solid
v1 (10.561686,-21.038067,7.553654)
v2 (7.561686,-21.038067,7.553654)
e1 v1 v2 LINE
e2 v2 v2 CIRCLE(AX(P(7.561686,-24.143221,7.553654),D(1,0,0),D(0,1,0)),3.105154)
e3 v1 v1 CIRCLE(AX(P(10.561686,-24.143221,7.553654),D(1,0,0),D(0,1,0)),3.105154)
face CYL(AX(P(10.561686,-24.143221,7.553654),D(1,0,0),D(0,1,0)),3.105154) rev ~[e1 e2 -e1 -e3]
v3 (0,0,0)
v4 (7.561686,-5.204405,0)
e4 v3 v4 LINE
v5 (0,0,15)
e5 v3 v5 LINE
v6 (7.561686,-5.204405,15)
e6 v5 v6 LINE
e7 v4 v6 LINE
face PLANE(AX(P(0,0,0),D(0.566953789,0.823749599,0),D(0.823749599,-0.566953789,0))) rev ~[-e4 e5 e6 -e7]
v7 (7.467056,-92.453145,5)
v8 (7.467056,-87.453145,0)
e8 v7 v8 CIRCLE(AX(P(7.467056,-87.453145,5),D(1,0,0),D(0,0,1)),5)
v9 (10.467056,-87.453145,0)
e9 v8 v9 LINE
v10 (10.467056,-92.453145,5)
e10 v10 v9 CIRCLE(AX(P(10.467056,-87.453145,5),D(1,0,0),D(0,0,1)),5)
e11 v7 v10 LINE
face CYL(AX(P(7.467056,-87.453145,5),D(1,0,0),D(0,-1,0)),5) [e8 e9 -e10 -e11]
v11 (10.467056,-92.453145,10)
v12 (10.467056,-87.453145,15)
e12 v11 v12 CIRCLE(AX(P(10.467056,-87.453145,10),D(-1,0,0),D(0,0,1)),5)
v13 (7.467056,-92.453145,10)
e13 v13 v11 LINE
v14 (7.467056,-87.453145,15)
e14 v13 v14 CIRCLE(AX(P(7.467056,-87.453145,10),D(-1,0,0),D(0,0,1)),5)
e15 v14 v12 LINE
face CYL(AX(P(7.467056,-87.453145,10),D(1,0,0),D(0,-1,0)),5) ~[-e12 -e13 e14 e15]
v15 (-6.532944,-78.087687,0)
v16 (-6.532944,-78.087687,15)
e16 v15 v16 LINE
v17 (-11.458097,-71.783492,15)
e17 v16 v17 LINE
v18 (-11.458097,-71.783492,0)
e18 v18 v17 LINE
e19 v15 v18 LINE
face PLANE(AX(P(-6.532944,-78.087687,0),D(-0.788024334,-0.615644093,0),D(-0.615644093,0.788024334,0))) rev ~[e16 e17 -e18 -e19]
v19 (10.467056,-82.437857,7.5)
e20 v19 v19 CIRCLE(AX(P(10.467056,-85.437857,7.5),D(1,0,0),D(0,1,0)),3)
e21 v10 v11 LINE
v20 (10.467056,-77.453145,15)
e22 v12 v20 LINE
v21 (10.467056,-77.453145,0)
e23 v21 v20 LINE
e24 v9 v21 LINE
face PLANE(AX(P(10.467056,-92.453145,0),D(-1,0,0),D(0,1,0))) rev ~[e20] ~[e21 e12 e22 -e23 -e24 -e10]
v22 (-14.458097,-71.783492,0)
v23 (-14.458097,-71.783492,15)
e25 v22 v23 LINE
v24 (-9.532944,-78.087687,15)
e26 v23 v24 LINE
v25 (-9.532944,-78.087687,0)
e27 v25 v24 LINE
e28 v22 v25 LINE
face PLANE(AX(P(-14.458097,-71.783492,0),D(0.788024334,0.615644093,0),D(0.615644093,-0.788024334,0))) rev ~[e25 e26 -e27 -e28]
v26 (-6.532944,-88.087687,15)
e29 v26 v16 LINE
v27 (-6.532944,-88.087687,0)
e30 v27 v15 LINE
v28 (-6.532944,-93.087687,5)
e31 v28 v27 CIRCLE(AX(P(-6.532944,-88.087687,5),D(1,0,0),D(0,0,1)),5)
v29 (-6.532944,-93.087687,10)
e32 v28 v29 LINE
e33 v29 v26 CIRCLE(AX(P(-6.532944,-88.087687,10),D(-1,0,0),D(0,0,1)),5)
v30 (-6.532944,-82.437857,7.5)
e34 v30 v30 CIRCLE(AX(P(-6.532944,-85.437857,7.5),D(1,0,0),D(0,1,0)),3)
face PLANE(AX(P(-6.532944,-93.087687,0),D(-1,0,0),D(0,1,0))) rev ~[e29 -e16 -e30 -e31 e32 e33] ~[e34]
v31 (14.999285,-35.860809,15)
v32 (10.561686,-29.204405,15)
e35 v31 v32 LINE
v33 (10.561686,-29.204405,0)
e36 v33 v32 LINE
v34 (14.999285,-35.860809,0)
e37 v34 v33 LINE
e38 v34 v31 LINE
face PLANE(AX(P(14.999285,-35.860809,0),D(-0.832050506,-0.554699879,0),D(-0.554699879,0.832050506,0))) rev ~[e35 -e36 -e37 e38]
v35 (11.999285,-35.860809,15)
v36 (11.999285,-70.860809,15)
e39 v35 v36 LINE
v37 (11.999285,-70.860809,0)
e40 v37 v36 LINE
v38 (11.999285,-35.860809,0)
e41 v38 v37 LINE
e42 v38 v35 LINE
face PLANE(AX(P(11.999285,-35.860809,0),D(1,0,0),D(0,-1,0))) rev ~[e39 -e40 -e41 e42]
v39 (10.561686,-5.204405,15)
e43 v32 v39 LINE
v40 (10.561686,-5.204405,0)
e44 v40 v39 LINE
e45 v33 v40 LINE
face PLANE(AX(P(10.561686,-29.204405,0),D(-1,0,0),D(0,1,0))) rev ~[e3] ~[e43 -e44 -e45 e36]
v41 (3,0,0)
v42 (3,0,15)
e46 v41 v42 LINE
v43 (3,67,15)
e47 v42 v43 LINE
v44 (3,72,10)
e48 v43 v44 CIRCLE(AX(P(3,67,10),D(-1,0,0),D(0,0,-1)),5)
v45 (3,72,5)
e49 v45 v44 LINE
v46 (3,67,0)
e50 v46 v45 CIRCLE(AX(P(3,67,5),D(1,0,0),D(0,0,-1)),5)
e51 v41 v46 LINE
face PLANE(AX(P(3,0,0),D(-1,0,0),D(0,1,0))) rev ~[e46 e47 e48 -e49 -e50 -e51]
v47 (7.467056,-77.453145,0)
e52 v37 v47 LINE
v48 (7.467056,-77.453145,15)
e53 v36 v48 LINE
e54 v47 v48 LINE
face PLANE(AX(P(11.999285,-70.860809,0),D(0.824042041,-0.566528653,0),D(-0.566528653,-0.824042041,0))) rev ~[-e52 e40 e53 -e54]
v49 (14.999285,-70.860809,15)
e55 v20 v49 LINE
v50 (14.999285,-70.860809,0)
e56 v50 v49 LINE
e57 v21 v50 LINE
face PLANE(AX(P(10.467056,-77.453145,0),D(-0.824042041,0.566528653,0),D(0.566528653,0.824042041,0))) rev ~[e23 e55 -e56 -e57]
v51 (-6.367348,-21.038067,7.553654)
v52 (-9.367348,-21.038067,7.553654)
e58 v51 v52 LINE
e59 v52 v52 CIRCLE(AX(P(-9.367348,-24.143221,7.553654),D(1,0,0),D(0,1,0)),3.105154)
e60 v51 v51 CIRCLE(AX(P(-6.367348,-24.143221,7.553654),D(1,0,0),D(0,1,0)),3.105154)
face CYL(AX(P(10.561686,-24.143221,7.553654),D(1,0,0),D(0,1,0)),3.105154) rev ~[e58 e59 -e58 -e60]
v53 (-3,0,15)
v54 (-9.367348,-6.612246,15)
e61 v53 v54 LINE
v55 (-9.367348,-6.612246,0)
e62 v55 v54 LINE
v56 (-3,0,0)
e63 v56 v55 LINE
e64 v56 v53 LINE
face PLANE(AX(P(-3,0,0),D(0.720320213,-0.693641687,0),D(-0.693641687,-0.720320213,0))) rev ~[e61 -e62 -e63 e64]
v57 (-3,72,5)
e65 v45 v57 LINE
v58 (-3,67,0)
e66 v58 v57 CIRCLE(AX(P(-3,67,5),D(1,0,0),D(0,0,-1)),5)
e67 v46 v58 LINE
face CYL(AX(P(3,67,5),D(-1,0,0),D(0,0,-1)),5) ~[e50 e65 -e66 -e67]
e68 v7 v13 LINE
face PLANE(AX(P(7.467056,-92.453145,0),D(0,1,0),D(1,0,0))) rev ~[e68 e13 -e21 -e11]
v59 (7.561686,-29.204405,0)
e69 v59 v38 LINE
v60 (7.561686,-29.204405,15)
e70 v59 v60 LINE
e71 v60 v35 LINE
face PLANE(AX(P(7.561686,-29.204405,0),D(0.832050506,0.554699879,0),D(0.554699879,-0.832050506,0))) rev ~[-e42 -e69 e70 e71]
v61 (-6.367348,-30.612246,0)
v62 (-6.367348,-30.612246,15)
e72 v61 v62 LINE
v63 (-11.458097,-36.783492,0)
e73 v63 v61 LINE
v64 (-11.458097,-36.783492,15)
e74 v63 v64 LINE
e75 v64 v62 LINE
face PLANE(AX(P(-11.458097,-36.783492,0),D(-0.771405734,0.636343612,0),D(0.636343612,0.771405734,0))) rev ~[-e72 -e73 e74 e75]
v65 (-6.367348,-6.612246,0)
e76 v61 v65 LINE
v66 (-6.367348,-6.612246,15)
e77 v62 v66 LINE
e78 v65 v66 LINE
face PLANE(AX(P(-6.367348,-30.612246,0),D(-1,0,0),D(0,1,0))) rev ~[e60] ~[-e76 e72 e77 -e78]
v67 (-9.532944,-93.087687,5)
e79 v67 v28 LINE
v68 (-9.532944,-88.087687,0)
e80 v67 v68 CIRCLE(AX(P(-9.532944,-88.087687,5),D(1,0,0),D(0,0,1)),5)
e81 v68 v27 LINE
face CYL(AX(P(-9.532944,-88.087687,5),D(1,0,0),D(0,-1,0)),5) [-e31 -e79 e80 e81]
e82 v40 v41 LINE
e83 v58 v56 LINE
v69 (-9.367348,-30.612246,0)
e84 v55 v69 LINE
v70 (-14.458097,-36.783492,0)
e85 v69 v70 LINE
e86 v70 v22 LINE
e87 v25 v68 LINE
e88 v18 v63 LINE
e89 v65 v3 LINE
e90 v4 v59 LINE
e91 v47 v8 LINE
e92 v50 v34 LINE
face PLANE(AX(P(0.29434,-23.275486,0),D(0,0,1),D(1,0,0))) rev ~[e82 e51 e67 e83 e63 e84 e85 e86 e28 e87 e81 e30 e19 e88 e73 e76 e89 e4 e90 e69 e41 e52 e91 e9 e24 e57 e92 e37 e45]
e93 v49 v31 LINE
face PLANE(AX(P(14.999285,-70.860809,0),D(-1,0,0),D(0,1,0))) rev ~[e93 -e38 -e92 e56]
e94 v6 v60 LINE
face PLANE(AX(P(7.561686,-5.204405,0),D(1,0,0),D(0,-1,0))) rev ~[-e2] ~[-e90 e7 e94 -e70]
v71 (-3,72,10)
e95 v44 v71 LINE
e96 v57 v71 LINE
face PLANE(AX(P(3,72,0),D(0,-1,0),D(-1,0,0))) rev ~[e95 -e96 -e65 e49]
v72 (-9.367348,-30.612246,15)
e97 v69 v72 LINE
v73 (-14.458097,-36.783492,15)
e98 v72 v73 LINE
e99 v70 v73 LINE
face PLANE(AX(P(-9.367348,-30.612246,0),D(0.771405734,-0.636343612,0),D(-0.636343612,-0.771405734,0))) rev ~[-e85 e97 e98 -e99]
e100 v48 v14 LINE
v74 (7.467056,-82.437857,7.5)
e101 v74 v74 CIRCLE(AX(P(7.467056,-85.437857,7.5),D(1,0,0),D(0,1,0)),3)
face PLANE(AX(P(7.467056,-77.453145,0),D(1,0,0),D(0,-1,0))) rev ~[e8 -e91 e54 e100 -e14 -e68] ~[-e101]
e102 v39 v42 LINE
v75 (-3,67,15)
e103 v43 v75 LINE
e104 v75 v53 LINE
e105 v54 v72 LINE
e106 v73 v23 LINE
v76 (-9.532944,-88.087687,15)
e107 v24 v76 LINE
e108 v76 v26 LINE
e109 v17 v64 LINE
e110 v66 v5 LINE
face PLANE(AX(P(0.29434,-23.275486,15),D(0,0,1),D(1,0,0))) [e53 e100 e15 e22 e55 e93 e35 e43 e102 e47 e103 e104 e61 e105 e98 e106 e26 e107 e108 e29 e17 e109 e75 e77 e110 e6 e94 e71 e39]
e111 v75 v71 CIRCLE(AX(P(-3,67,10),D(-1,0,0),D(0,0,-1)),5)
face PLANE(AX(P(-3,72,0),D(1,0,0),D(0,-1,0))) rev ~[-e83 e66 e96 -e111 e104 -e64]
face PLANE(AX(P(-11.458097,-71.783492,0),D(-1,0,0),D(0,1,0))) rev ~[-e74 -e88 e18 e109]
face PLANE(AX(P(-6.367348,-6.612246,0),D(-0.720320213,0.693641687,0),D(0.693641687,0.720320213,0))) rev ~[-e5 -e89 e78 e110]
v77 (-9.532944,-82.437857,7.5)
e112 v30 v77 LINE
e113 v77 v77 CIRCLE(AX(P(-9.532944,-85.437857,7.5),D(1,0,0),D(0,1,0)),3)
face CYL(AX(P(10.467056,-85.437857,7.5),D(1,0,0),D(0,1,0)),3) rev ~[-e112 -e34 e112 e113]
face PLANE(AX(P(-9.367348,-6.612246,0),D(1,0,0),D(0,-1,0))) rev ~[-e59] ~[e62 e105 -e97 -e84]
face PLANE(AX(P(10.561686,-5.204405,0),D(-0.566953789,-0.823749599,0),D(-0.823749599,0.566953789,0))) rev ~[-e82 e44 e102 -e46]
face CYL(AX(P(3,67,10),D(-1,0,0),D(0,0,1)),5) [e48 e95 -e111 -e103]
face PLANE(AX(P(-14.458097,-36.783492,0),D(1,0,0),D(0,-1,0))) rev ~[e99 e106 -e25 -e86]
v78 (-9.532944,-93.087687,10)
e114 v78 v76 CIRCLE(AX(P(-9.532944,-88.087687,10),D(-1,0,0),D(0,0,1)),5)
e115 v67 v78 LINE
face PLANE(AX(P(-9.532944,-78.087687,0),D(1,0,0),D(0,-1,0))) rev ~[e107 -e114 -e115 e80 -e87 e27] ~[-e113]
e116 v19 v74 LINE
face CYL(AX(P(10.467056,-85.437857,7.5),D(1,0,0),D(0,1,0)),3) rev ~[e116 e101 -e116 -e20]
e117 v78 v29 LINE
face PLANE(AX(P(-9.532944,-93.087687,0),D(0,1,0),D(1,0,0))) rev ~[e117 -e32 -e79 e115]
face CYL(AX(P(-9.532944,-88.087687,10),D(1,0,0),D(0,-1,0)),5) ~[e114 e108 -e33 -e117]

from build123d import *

# Parameters (mm, degrees)
F1_DEPTH = 15
F2_R     = 5
F3_R     = 5
F4_R     = 3.105154
F5_DEPTH = 25
F6_R     = 3
F7_DEPTH = 25


with BuildPart() as f1:
    # F0 (on Top) → F1 (new body)
    with BuildSketch(Plane.XY):
        Polygon((3, 72), (-3, 72), (-3, 0), (-9.367348, -6.612246), (-9.367348, -30.612246), (-14.458097, -36.783492), (-14.458097, -71.783492), (-9.532944, -78.087687), (-9.532944, -93.087687), (-6.532944, -93.087687), (-6.532944, -78.087687), (-11.458097, -71.783492), (-11.458097, -36.783492), (-6.367348, -30.612246), (-6.367348, -6.612246), (0, 0), (7.561686, -5.204405), (7.561686, -29.204405), (11.999285, -35.860809), (11.999285, -70.860809), (7.467056, -77.453145), (7.467056, -92.453145), (10.467056, -92.453145), (10.467056, -77.453145), (14.999285, -70.860809), (14.999285, -35.860809), (10.561686, -29.204405), (10.561686, -5.204405), (3, 0), align=None)
    extrude(amount=F1_DEPTH)

    # F2
    f2_edges = [f1.edges().sort_by_distance(p)[0] for p in [
        (-8.032944, -93.087687, 15),
        (-8.032944, -93.087687, 0),
        (8.967056, -92.453145, 15),
        (8.967056, -92.453145, 0),
    ]]
    fillet(f2_edges, radius=F2_R)

    # F3
    f3_edges = [f1.edges().sort_by_distance(p)[0] for p in [
        (0, 72, 15),
        (0, 72, 0),
    ]]
    fillet(f3_edges, radius=F3_R)

    # F4 (on face) → F5 (cut)
    with BuildSketch(Plane.YZ.offset(10.561686)):
        with Locations((-24.143221, 7.553654)):
            Circle(F4_R)
    extrude(amount=-F5_DEPTH, mode=Mode.SUBTRACT)

    # F6 (on face) → F7 (cut)
    with BuildSketch(Plane.YZ.offset(10.467056)):
        with Locations((-85.437857, 7.5)):
            Circle(F6_R)
    extrude(amount=-F7_DEPTH, mode=Mode.SUBTRACT)


solid = f1.part
